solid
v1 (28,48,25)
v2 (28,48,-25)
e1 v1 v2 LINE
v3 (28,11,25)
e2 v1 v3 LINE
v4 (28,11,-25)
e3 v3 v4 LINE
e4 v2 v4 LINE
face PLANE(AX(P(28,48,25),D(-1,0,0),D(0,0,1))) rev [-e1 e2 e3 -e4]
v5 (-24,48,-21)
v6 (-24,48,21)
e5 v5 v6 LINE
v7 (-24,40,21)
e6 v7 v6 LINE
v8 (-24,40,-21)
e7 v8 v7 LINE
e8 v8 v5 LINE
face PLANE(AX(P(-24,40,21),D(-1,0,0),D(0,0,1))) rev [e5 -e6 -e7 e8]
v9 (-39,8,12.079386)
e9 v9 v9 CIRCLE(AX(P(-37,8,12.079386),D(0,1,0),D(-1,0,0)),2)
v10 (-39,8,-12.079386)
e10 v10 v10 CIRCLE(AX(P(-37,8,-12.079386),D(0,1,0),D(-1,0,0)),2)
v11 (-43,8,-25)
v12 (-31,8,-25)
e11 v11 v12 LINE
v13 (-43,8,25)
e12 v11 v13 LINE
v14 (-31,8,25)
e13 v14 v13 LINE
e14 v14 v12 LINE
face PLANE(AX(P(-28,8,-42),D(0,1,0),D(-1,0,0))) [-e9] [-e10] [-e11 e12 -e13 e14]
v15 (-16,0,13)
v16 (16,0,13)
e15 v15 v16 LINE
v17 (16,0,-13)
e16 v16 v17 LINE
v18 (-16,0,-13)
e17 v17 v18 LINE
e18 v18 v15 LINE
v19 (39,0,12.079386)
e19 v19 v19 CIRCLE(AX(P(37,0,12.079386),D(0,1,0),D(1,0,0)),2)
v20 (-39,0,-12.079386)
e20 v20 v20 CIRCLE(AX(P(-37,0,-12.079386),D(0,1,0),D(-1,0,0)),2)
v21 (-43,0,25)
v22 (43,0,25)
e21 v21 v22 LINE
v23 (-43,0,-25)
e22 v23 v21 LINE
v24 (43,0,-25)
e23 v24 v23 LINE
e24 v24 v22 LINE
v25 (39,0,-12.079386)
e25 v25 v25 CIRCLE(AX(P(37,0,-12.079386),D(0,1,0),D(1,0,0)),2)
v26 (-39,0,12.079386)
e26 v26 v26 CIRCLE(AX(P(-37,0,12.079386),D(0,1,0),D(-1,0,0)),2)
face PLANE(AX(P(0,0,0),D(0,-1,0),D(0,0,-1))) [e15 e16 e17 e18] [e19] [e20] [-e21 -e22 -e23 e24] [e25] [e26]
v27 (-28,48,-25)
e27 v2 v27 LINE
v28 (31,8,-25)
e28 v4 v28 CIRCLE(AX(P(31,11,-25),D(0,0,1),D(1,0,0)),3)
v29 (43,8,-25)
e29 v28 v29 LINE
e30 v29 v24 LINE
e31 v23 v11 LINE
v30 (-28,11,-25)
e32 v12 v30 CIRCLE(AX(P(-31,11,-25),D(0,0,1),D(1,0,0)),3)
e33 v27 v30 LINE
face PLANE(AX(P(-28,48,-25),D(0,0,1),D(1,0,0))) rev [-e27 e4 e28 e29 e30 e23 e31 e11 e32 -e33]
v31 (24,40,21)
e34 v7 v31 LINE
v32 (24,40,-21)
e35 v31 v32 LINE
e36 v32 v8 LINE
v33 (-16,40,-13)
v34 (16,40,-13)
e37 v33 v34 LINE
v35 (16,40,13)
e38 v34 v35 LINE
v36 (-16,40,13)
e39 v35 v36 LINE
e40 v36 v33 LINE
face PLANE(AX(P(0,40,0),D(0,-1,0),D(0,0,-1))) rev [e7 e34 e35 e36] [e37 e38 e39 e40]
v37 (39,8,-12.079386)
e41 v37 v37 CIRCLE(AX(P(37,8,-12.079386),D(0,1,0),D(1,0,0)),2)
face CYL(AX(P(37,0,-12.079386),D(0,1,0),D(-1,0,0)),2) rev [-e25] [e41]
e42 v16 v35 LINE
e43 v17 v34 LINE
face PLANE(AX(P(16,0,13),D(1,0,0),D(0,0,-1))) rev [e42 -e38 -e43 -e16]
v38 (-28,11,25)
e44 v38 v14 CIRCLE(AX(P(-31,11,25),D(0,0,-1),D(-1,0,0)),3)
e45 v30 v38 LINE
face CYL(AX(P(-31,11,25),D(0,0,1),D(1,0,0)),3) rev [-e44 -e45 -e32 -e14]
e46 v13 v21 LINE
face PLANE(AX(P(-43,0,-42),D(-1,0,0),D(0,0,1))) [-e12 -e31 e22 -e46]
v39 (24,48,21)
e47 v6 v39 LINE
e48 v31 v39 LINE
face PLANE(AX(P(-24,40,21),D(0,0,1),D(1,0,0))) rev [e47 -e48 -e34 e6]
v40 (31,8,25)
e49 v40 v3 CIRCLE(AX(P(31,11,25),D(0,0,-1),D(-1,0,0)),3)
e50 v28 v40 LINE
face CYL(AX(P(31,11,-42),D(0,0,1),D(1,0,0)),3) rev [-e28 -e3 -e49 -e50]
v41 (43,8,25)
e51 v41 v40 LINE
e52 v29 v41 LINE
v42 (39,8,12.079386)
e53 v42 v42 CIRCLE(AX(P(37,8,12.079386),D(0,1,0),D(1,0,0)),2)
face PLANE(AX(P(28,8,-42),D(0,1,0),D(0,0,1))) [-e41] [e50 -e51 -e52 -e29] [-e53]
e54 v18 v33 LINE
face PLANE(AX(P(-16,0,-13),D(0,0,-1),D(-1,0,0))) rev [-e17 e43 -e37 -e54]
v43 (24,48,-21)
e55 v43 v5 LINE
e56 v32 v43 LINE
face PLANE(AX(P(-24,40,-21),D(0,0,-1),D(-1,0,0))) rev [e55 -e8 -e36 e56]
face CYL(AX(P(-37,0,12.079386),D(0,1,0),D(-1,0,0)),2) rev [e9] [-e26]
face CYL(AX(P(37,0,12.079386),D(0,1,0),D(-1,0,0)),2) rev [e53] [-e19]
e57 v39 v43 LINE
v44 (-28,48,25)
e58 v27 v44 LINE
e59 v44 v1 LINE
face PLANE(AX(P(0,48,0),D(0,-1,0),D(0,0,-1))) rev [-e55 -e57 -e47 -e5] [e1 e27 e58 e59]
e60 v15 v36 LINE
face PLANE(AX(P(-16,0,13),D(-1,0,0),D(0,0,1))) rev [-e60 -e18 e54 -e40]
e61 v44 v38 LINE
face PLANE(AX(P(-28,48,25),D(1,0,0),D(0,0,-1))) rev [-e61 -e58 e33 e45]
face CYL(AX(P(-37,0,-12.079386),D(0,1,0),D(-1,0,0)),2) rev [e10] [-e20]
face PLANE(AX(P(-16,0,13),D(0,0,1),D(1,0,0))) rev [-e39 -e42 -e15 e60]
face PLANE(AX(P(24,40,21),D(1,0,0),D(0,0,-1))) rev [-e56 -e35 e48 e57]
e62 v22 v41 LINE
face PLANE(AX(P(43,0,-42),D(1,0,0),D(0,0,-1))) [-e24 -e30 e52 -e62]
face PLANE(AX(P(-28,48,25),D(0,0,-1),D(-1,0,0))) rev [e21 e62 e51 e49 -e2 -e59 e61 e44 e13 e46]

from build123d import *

# Parameters (mm, degrees)
SKETCH1_W               = 56
SKETCH1_H               = 50
BOSS_EXTRUDE1_DEPTH     = 48
SKETCH3_W               = 48
SKETCH3_H               = 42
CUT_EXTRUDE1_DEPTH      = 8
SKETCH4_W               = 15
SKETCH4_H               = 8
BOSS_EXTRUDE2_DEPTH     = 50
FILLET1_R               = 3
CUT_EXTRUDE2_DEPTH      = 64.827893589
CUT_EXTRUDE2_DEPTH_BACK = 64.827893589
SKETCH5_W               = 32
SKETCH5_H               = 26
CUT_EXTRUDE3_DEPTH      = 64.827893589
CUT_EXTRUDE3_DEPTH_BACK = 64.827893589
SKETCH6_R               = 2


with BuildPart() as part:
    # Sketch1 → Boss-Extrude1 (new body)
    with BuildSketch(Plane(origin=(0, 0, 0), x_dir=(1, 0, 0), z_dir=(0, 1, 0))):
        Rectangle(SKETCH1_W, SKETCH1_H)
    extrude(amount=BOSS_EXTRUDE1_DEPTH)

    # Sketch3 → Cut-Extrude1 (cut)
    with BuildSketch(Plane(origin=(0, 48, 0), x_dir=(1, 0, 0), z_dir=(0, 1, 0))):
        Rectangle(SKETCH3_W, SKETCH3_H)
    extrude(amount=-CUT_EXTRUDE1_DEPTH, mode=Mode.SUBTRACT)

    # Sketch4 → Boss-Extrude2 (add)
    with BuildSketch(Plane.XY.offset(25)):
        with Locations((-35.5, 4)):
            Rectangle(SKETCH4_W, SKETCH4_H)
        with Locations((35.5, 4)):
            Rectangle(SKETCH4_W, SKETCH4_H)
    extrude(amount=-BOSS_EXTRUDE2_DEPTH)

    # Fillet1
    fillet1_edges = [part.edges().sort_by_distance(p)[0] for p in [
        (-28, 8, 0),
        (28, 8, 0),
    ]]
    fillet(fillet1_edges, radius=FILLET1_R)

    # Sketch5 → Cut-Extrude2 (cut, two sides: drawn at the far end of the back side and taken through both)
    with BuildSketch(Plane(origin=(0, 40, 0), x_dir=(1, 0, 0), z_dir=(0, 1, 0)).offset(-CUT_EXTRUDE2_DEPTH_BACK)):
        Rectangle(SKETCH5_W, SKETCH5_H)
    extrude(amount=CUT_EXTRUDE2_DEPTH + CUT_EXTRUDE2_DEPTH_BACK, mode=Mode.SUBTRACT)

    # Sketch6 → Cut-Extrude3 (cut, two sides: drawn at the far end of the back side and taken through both)
    with BuildSketch(Plane(origin=(0, 8, 0), x_dir=(1, 0, 0), z_dir=(0, 1, 0)).offset(-CUT_EXTRUDE3_DEPTH_BACK)):
        with Locations(Location((-37, 12.079385962, 0), (0, 0, 180))):
            Circle(SKETCH6_R)
        with Locations(Location((-37, -12.079385962, 0), (0, 0, 180))):
            Circle(SKETCH6_R)
        with Locations((37, -12.079385962)):
            Circle(SKETCH6_R)
        with Locations((37, 12.079385962)):
            Circle(SKETCH6_R)
    extrude(amount=CUT_EXTRUDE3_DEPTH + CUT_EXTRUDE3_DEPTH_BACK, mode=Mode.SUBTRACT)


solid = part.part
